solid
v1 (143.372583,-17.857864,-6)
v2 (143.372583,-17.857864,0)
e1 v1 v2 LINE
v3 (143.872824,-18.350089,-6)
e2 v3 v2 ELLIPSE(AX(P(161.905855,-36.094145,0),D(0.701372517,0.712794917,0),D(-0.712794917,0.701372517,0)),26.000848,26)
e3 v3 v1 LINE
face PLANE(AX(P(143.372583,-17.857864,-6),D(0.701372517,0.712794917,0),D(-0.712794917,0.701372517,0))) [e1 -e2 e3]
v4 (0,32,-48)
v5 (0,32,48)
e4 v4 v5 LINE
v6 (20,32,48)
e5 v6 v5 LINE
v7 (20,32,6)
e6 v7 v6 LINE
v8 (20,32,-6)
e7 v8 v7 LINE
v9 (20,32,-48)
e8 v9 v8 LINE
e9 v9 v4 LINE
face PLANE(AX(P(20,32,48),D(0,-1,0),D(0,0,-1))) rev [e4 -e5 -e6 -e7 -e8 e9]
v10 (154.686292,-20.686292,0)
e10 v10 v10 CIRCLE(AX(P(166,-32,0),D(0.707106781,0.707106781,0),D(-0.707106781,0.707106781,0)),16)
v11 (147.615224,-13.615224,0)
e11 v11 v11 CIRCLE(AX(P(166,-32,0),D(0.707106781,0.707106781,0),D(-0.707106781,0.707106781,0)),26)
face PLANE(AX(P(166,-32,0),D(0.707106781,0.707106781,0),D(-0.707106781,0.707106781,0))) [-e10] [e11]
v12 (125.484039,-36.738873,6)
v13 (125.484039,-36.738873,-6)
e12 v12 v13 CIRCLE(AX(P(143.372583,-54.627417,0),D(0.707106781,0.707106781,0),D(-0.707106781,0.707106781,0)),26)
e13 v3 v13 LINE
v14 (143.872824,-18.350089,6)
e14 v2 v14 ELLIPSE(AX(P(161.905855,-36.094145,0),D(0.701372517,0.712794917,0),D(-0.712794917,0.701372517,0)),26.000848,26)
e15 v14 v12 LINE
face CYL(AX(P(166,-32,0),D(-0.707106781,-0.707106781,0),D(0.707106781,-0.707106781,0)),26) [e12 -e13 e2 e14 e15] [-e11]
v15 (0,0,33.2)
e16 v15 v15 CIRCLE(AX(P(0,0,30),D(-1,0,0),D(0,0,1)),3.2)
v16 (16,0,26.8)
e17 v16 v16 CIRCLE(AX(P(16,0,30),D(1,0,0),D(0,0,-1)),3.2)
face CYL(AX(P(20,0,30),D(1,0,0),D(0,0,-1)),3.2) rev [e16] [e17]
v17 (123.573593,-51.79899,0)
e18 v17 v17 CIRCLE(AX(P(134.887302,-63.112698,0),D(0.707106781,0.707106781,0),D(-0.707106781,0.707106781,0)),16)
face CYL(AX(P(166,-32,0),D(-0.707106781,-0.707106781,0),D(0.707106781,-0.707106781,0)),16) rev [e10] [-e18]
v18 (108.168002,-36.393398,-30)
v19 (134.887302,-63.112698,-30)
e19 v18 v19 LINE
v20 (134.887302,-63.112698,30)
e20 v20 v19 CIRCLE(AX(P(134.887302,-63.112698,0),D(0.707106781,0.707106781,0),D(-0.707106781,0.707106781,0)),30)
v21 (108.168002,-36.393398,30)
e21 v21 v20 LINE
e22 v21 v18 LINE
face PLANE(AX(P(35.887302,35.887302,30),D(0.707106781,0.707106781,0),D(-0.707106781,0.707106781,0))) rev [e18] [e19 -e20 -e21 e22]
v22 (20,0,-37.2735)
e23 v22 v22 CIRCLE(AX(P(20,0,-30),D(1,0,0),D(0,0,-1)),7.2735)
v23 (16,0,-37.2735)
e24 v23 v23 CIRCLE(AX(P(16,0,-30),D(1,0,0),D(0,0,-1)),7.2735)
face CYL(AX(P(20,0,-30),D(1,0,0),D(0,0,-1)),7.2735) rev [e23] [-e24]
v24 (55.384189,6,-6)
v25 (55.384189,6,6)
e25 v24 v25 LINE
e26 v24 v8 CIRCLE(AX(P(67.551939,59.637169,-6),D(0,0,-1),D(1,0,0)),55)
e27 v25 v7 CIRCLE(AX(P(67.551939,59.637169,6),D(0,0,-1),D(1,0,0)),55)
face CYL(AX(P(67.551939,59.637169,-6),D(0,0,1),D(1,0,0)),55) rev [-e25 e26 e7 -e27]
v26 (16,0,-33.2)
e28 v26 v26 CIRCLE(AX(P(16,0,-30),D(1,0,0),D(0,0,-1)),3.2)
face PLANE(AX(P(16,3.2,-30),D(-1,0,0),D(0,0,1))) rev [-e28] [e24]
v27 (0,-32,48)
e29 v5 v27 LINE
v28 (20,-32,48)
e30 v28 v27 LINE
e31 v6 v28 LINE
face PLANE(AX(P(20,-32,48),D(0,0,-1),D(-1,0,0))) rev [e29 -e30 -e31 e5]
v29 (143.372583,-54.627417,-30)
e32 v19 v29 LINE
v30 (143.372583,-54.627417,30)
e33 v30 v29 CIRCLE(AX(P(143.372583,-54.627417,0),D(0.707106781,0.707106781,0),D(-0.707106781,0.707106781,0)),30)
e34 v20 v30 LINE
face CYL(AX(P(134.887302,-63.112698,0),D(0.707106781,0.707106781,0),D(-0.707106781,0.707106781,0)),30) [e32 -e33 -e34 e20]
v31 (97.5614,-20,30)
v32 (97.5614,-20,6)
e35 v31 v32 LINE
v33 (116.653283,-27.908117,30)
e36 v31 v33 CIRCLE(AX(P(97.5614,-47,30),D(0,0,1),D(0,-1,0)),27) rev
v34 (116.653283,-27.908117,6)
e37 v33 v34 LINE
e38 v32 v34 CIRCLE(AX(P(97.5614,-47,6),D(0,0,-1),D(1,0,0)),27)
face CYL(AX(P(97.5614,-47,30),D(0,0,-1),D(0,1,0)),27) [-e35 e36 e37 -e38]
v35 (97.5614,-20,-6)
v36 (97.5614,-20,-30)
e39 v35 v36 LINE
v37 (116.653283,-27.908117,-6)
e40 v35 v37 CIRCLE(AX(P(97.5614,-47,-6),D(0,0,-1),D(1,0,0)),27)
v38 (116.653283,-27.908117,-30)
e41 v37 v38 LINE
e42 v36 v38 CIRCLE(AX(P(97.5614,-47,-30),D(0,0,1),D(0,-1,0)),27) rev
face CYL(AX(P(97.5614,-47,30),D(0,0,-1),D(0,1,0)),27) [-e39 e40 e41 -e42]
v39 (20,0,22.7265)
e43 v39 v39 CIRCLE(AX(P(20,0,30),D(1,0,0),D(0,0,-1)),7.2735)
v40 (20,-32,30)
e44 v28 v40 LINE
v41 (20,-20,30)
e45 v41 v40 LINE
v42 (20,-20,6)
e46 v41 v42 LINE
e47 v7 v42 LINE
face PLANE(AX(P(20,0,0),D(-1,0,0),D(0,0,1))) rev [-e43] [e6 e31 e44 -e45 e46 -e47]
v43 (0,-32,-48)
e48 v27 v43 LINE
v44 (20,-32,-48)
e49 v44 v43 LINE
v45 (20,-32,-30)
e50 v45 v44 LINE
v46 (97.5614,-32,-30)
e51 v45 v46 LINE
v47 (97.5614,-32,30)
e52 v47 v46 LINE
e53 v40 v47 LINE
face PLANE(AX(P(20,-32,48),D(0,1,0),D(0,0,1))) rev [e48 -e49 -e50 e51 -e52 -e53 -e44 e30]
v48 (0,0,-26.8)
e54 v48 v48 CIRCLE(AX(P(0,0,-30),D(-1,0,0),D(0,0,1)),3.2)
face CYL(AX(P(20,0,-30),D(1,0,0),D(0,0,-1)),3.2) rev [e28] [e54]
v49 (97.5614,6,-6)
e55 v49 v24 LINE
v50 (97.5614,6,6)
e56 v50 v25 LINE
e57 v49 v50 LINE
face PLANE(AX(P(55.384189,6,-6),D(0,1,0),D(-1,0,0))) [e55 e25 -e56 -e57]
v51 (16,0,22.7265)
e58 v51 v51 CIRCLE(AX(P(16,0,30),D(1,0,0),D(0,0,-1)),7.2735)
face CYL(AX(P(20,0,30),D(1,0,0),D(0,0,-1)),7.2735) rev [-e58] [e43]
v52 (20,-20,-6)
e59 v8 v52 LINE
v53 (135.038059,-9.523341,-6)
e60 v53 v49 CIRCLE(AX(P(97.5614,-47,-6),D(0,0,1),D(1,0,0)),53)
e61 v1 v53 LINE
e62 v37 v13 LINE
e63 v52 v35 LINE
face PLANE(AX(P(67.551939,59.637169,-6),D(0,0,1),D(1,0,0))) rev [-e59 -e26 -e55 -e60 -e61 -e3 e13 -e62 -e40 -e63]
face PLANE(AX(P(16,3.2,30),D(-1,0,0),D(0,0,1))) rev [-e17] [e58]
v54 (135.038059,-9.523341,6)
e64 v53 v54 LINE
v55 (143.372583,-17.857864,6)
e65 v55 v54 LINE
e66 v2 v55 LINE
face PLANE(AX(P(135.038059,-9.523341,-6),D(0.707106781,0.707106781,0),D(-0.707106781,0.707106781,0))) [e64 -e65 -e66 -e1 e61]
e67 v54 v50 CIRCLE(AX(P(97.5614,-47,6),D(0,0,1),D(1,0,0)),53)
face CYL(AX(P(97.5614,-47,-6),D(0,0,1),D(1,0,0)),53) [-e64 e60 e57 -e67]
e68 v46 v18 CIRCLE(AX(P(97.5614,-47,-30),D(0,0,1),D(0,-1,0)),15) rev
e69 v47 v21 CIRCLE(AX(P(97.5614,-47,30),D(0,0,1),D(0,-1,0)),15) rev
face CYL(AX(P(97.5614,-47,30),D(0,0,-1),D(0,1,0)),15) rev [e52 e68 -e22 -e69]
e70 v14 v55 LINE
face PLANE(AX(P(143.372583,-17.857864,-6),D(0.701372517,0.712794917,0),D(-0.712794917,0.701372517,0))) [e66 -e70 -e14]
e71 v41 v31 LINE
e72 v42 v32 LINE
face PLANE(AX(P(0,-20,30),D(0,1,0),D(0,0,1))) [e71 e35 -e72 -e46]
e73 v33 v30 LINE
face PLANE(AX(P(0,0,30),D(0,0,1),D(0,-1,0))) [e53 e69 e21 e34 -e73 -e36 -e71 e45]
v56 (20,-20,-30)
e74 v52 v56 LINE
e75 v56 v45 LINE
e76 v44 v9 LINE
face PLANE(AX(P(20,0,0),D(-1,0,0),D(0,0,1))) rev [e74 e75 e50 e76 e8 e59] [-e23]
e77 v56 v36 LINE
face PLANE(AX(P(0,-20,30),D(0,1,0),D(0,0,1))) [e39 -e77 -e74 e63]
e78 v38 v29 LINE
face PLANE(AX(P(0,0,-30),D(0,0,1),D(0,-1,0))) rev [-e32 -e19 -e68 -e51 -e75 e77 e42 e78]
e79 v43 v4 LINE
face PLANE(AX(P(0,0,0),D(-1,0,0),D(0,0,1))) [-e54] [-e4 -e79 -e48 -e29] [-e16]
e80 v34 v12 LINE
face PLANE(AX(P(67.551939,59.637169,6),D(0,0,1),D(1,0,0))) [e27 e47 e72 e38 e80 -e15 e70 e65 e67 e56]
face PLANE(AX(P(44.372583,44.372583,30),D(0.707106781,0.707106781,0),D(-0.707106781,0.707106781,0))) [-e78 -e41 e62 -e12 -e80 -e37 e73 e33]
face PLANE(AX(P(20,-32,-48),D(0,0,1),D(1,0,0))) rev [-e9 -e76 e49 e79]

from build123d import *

# Parameters (mm, degrees)
SKETCH1_W                               = 96
SKETCH1_H                               = 64
BOSS_EXTRUDE1_DEPTH                     = 20
CBORE_FOR_M6_HEX_HEAD_BOLT1_D           = 6.4
CBORE_FOR_M6_HEX_HEAD_BOLT1_CBORE_D     = 14.547
CBORE_FOR_M6_HEX_HEAD_BOLT1_CBORE_DEPTH = 4
BOSS_EXTRUDE3_DEPTH                     = 60
CUT_EXTRUDE1_DEPTH                      = 12
SKETCH14_R                              = 26
SKETCH14_R_2                            = 16
BOSS_EXTRUDE4_DEPTH                     = 32
BOSS_EXTRUDE8_START                     = -12
BOSS_EXTRUDE8_DEPTH                     = 12
SKETCH17_R                              = 16
CUT_EXTRUDE2_DEPTH                      = 198.440406876


with BuildPart() as part:
    # Sketch1 → Boss-Extrude1 (new body)
    with BuildSketch(Plane(origin=(0, 0, 0), x_dir=(0, 0, -1), z_dir=(1, 0, 0))):
        Rectangle(SKETCH1_W, SKETCH1_H)
    extrude(amount=BOSS_EXTRUDE1_DEPTH)

    # CBORE for M6 Hex Head Bolt1 (through all)
    with Locations(Plane(origin=(20, 0, -30), x_dir=(0, 0, 1), z_dir=(1, 0, 0))):
        with Locations((0, 0)):
            cbore_for_m6_hex_head_bolt1 = CounterBoreHole(CBORE_FOR_M6_HEX_HEAD_BOLT1_D / 2, CBORE_FOR_M6_HEX_HEAD_BOLT1_CBORE_D / 2, CBORE_FOR_M6_HEX_HEAD_BOLT1_CBORE_DEPTH)

    # Mirror1: CBORE for M6 Hex Head Bolt1 across plane
    add(cbore_for_m6_hex_head_bolt1.mirror(Plane.XY), mode=Mode.SUBTRACT)

    # Sketch11 → Boss-Extrude3 (add)
    with BuildSketch(Plane(origin=(0, 0, -30), x_dir=(0, -1, 0), z_dir=(0, 0, 1))):
        with BuildLine():
            ThreePointArc((20, 97.56139982), (22.055252622, 107.893852494), (27.908116908, 116.653282912))
            Line((27.908116908, 116.653282912), (75.840620434, 164.585786438))
            Line((75.840620434, 164.585786438), (84.325901808, 156.100505063))
            Line((84.325901808, 156.100505063), (36.393398282, 108.168001538))
            ThreePointArc((36.393398282, 108.168001538), (33.141807012, 103.301651305), (32, 97.56139982))
            Line((32, 97.56139982), (32, 20))
            Line((32, 20), (20, 20))
            Line((20, 20), (20, 97.56139982))
        make_face()
    extrude(amount=BOSS_EXTRUDE3_DEPTH)

    # Sketch13 → Cut-Extrude1 (cut)
    with BuildSketch(Plane(origin=(44.372583002, 44.372583002, 0), x_dir=(0, 0, -1), z_dir=(0.7071067811865476, 0.7071067811865476, 0))):
        with BuildLine():
            Line((-30, -140.007142675), (-38.734920635, -140.007142675))
            Line((-38.734920635, -140.007142675), (-38.734920635, -179.207032884))
            Line((-38.734920635, -179.207032884), (30.889896781, -179.207032884))
            Line((30.889896781, -179.207032884), (30.889896781, -140.007142675))
            Line((30.889896781, -140.007142675), (30, -140.007142675))
            ThreePointArc((30, -140.007142675), (0, -170.007142675), (-30, -140.007142675))
        make_face()
    extrude(amount=-CUT_EXTRUDE1_DEPTH, mode=Mode.SUBTRACT)

    # Sketch14 → Boss-Extrude4 (add)
    with BuildSketch(Plane(origin=(44.372583002, 44.372583002, 0), x_dir=(0, 0, -1), z_dir=(0.7071067811865476, 0.7071067811865476, 0))):
        with Locations(Location((0, -140.007142675, 0), (0, 0, 90))):
            Circle(SKETCH14_R)
        with Locations(Location((0, -140.007142675, 0), (0, 0, 90))):
            Circle(SKETCH14_R_2, mode=Mode.SUBTRACT)
    extrude(amount=BOSS_EXTRUDE4_DEPTH)

    # Sketch16 → Boss-Extrude8 (add)
    with BuildSketch(Plane.XY.offset(6).offset(BOSS_EXTRUDE8_START)):
        with BuildLine():
            Line((20, 32), (20, -20))
            Line((20, -20), (97.56139982, -20))
            ThreePointArc((97.56139982, -20), (107.893852494, -22.055252622), (116.653282912, -27.908116908))
            Line((116.653282912, -27.908116908), (124.987806691, -36.242640687))
            Line((124.987806691, -36.242640687), (132.712452622, -43.967286618))
            Line((132.712452622, -43.967286618), (151.159621824, -25.520117415))
            Line((151.159621824, -25.520117415), (143.372583002, -17.857864376))
            Line((143.372583002, -17.857864376), (135.038059223, -9.523340597))
            ThreePointArc((135.038059223, -9.523340597), (117.843621735, 1.965615223), (97.56139982, 6))
            Line((97.56139982, 6), (55.38418899, 6))
            ThreePointArc((55.38418899, 6), (34.984926343, 15.315732711), (20, 32))
        make_face()
    extrude(amount=BOSS_EXTRUDE8_DEPTH)

    # Sketch17 → Cut-Extrude2 (cut, through all)
    with BuildSketch(Plane(origin=(67, 67, 0), x_dir=(0, 0, -1), z_dir=(0.7071067811865477, 0.7071067811865475, 0))):
        with Locations(Location((0, -140.007142675, 0), (0, 0, 90))):
            Circle(SKETCH17_R)
    extrude(amount=-CUT_EXTRUDE2_DEPTH, mode=Mode.SUBTRACT)


solid = part.part
